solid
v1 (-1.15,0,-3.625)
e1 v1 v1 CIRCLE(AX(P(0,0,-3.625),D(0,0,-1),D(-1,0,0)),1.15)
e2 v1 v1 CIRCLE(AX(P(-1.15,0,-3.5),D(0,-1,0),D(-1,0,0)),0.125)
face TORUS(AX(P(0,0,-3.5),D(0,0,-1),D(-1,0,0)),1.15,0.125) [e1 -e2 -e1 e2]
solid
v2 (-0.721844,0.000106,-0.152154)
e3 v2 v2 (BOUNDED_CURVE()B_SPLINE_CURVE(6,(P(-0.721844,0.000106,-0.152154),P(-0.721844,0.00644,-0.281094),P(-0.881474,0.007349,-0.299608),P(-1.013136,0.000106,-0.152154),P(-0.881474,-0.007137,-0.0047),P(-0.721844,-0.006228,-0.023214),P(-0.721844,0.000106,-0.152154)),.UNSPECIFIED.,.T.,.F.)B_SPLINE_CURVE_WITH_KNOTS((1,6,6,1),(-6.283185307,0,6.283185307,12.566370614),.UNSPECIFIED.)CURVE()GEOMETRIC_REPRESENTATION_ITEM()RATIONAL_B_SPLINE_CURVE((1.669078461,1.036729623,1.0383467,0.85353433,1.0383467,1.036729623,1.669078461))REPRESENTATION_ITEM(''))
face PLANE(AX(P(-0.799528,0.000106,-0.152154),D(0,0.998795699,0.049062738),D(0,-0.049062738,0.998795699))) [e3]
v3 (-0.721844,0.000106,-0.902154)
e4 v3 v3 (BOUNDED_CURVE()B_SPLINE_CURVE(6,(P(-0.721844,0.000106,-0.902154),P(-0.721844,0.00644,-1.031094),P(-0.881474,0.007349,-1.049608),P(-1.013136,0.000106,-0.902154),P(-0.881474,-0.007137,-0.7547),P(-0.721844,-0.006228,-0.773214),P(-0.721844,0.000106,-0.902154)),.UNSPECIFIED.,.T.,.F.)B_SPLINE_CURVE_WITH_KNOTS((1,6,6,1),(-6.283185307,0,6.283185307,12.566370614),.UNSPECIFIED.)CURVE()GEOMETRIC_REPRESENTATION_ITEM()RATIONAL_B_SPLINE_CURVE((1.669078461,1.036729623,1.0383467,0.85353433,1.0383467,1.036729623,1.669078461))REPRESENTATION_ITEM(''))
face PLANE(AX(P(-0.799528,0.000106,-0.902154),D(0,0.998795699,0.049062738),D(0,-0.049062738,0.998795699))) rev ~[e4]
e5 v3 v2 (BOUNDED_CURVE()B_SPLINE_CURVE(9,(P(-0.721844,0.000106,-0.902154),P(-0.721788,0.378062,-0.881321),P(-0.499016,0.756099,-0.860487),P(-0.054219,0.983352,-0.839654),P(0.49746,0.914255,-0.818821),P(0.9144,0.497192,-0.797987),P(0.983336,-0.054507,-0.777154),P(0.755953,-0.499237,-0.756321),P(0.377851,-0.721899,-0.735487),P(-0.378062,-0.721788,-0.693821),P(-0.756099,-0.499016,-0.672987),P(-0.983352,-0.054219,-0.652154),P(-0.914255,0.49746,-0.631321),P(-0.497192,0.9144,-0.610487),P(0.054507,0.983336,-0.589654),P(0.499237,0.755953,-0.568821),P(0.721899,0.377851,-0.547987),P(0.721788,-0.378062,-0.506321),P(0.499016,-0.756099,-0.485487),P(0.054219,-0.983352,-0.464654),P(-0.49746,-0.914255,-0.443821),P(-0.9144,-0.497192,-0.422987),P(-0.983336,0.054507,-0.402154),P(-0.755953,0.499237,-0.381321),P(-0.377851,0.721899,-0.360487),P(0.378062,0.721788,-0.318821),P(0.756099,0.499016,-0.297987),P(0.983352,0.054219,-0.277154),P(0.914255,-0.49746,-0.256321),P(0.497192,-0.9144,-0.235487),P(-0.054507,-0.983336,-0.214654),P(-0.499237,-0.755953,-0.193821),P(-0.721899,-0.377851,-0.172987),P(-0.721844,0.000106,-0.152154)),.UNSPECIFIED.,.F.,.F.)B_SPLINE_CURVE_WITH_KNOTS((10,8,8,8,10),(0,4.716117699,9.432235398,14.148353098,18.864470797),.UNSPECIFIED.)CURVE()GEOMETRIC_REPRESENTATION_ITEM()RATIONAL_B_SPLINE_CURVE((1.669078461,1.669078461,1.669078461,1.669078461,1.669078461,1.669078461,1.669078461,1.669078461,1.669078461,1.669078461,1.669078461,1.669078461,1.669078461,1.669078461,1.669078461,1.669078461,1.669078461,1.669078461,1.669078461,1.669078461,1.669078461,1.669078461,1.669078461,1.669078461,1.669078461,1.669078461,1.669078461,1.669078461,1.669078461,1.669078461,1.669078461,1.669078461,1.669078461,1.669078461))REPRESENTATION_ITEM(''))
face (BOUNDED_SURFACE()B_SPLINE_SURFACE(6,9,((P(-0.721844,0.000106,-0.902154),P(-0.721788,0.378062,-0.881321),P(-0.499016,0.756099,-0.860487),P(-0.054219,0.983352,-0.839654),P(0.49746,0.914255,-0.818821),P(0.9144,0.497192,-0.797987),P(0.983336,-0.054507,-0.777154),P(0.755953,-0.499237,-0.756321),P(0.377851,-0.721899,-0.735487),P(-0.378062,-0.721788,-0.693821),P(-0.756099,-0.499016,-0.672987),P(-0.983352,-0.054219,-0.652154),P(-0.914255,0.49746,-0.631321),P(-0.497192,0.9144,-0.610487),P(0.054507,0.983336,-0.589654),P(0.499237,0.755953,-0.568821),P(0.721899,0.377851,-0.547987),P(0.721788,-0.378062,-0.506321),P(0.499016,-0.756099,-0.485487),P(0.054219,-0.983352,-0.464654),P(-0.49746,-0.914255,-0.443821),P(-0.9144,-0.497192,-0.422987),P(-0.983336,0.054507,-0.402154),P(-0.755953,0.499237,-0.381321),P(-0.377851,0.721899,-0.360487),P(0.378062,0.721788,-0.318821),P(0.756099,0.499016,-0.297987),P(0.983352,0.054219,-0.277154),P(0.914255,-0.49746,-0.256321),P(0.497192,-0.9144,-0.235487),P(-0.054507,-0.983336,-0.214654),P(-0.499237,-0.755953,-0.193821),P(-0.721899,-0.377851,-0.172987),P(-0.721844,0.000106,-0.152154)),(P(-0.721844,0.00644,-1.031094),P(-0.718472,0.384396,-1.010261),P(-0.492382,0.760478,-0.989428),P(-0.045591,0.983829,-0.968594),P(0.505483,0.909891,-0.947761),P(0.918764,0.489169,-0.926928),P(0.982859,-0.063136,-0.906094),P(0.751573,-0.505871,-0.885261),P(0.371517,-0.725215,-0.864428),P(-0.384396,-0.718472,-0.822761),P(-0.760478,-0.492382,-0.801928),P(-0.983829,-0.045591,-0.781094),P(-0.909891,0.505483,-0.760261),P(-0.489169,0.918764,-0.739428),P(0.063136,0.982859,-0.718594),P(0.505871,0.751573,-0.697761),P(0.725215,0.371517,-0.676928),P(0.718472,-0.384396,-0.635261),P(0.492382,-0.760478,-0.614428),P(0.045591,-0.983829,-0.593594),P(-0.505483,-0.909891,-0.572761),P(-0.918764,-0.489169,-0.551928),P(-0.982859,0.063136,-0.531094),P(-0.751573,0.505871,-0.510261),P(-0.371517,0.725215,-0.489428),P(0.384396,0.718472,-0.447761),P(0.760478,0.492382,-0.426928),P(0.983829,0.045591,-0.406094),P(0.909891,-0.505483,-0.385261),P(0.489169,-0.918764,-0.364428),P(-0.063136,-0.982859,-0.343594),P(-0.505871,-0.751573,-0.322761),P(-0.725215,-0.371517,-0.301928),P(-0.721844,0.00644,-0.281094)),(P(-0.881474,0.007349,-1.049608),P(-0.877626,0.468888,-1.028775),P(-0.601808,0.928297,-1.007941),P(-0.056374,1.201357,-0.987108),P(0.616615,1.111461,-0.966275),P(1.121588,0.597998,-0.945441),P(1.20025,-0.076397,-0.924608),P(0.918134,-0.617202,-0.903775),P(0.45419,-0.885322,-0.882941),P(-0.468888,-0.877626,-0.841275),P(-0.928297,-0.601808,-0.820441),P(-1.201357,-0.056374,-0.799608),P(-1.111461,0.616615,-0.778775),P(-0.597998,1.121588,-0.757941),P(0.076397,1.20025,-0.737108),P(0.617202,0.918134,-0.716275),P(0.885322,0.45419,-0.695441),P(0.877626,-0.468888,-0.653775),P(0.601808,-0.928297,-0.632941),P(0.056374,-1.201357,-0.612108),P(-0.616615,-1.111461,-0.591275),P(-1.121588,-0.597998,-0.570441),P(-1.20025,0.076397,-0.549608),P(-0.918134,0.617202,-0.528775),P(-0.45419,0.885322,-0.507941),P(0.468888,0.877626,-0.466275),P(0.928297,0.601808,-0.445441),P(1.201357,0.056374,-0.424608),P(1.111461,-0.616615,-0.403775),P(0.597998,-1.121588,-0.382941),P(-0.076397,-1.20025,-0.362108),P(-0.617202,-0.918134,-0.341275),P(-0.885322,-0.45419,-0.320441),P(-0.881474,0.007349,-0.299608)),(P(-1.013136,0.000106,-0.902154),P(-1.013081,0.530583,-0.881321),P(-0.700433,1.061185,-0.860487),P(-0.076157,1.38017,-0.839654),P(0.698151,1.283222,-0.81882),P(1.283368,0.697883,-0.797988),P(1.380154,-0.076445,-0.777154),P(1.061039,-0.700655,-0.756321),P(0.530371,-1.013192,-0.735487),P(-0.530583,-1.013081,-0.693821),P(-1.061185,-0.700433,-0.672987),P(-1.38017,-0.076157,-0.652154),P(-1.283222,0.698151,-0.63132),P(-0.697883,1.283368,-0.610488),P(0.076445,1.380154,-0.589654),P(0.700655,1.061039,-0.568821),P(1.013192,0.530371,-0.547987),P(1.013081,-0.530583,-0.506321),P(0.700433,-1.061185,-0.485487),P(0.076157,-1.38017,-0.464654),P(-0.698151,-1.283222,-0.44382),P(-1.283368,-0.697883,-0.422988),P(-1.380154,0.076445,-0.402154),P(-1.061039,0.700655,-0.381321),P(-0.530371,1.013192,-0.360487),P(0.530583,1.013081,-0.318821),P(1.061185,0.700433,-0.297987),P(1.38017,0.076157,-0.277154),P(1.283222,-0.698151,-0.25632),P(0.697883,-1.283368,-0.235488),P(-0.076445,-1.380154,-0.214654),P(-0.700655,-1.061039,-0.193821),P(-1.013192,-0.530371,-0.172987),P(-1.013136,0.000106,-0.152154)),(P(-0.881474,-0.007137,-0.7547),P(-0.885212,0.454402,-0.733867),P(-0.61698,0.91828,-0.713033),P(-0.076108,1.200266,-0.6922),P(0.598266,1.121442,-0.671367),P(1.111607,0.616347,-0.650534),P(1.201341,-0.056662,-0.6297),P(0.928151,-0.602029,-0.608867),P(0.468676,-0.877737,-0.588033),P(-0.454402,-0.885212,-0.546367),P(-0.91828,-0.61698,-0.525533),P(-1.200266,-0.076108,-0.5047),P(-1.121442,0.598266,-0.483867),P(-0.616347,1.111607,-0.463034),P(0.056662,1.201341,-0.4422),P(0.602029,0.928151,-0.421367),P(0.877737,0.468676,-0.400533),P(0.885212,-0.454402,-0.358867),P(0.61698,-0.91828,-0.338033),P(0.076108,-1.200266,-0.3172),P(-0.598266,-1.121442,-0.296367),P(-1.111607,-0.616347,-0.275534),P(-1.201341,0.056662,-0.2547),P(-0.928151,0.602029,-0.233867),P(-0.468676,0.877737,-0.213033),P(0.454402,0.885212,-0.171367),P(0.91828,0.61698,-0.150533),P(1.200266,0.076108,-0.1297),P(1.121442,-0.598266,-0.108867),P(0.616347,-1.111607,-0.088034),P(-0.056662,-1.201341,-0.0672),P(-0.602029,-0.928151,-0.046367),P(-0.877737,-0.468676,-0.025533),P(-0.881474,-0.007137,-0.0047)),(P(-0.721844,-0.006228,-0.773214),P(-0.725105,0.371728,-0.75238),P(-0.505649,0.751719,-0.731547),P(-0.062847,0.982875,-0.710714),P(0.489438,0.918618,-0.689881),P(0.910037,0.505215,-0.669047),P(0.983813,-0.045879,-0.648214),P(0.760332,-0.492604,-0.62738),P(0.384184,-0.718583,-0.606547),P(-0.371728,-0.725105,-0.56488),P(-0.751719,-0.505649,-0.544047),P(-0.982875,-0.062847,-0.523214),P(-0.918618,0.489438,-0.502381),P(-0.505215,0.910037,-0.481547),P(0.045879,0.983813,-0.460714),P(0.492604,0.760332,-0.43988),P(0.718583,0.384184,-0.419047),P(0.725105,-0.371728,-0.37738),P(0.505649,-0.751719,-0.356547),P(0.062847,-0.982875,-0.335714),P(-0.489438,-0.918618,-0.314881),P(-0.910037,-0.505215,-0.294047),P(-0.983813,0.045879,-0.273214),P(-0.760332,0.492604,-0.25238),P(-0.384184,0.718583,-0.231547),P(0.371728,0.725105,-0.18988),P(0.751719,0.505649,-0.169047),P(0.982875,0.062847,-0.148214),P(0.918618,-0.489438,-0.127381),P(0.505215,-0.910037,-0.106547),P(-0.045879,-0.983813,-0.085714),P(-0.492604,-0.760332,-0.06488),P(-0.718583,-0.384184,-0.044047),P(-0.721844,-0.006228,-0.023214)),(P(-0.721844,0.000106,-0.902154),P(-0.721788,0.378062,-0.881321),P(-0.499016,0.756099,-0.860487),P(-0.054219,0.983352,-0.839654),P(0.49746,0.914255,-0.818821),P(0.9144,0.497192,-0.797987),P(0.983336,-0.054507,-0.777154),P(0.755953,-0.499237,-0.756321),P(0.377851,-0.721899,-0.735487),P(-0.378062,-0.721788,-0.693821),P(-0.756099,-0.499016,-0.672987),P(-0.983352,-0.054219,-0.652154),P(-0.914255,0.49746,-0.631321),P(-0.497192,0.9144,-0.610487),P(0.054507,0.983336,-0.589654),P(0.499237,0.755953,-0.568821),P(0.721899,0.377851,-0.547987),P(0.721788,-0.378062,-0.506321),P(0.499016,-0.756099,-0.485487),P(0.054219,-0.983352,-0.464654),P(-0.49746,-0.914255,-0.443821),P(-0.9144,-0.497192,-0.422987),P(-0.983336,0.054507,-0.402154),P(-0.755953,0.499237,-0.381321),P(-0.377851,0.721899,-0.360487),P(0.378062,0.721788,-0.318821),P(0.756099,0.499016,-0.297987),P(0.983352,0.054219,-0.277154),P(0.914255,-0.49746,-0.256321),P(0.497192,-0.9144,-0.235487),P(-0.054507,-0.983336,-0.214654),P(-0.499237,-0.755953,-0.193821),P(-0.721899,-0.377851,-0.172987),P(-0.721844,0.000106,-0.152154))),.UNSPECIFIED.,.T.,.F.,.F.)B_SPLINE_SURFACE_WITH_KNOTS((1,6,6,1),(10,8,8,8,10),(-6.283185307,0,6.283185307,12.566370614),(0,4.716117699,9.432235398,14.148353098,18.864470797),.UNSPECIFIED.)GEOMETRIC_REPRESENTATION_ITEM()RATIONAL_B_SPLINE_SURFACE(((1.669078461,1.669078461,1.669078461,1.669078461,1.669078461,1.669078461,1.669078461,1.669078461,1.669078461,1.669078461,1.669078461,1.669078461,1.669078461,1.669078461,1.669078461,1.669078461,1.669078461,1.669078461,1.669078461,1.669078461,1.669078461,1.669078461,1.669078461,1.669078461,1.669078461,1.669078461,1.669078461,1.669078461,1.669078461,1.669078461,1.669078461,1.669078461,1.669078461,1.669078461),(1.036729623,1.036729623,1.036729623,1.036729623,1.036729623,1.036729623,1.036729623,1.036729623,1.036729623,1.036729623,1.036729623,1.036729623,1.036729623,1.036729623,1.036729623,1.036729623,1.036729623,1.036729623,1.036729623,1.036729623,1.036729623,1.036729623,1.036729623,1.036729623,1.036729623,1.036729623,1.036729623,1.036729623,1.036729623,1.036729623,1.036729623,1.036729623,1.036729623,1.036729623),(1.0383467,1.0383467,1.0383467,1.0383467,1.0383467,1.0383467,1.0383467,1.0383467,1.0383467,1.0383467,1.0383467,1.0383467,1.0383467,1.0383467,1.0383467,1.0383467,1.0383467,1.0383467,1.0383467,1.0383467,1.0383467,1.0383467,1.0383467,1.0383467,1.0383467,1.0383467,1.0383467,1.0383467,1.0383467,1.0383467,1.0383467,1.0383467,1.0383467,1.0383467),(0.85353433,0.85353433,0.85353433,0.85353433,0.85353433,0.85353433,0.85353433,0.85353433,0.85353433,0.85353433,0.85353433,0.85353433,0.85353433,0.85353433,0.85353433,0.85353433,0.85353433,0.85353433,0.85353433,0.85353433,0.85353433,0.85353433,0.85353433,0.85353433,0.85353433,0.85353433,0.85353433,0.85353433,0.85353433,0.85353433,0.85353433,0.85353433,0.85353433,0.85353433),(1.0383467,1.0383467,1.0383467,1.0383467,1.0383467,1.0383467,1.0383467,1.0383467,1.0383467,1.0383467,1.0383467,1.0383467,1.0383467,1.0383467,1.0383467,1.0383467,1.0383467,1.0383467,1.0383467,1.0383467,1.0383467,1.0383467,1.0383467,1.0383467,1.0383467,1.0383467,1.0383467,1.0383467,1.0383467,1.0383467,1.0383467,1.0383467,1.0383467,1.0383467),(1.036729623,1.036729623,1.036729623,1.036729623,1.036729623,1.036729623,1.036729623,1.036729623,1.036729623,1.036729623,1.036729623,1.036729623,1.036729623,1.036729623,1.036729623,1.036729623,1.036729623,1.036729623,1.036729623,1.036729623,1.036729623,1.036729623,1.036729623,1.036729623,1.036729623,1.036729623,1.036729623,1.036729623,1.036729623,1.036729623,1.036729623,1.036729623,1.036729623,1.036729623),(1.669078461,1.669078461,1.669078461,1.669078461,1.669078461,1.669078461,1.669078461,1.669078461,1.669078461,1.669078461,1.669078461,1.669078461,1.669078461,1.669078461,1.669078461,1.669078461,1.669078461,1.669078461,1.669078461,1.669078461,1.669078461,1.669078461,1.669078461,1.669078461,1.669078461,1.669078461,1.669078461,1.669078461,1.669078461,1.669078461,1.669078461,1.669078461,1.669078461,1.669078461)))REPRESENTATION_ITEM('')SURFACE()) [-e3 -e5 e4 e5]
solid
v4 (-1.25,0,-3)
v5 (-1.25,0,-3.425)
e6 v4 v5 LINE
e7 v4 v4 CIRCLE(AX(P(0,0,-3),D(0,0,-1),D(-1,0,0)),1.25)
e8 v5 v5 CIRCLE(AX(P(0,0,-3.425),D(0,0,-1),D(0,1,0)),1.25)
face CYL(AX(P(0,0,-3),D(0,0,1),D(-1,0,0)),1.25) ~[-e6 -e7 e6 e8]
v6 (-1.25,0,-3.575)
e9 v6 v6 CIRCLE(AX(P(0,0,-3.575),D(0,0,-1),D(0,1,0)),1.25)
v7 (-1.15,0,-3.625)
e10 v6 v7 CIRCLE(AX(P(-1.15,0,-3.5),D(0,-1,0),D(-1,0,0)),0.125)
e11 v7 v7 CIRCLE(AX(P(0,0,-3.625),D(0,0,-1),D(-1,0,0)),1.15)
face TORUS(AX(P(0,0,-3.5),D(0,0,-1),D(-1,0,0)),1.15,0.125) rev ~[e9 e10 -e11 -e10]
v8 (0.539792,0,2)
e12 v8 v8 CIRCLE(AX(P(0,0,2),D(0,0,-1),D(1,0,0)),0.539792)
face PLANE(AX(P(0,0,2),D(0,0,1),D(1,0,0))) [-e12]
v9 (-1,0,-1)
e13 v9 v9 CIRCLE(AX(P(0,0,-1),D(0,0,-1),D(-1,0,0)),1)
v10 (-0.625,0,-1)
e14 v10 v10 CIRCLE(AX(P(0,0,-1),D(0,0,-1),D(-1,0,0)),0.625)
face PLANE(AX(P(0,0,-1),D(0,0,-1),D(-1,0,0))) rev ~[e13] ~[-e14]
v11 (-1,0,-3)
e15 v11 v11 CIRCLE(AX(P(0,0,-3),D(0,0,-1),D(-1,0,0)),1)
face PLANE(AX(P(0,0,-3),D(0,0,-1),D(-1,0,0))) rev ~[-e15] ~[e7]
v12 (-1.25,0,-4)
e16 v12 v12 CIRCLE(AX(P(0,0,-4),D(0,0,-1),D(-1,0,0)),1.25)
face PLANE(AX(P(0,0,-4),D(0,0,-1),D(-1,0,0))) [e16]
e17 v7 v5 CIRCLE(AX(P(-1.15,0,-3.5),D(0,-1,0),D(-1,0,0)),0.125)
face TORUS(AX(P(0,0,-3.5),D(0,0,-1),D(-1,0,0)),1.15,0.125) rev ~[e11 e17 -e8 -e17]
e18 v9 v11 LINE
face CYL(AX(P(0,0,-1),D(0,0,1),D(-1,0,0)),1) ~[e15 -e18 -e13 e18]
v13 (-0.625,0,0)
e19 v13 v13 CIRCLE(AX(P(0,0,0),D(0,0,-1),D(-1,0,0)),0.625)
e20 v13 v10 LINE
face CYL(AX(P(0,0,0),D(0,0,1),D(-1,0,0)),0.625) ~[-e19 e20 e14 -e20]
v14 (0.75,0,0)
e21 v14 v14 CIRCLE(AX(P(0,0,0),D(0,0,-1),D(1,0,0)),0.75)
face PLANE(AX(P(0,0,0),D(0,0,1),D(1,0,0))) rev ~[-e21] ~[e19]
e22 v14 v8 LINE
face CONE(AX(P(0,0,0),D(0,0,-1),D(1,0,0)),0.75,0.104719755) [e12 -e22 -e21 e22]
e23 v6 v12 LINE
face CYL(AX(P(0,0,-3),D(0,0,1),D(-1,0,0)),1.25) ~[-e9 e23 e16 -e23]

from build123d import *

# Parameters (mm, degrees)
SKETCH1_R           = 0.75
BOSS_EXTRUDE1_DEPTH = 2
BOSS_EXTRUDE1_TAPER = 6
SKETCH2_R           = 0.625
BOSS_EXTRUDE2_DEPTH = 1
SKETCH3_R           = 1
BOSS_EXTRUDE3_DEPTH = 2
SKETCH4_R           = 1.25
BOSS_EXTRUDE4_DEPTH = 1
SKETCH6_R           = 0.125
SKETCH6_2_R         = 0.125
SWEEP2_PITCH        = 0.25
SWEEP2_HEIGHT       = 0.75
SWEEP2_RADIUS       = 0.81
SWEEP2_START_ANGLE  = -180
SKETCH10_R          = 0.077696303


with BuildPart() as part:
    # Sketch1 → Boss-Extrude1 (new body)
    with BuildSketch(Plane.XY):
        Circle(SKETCH1_R)
    extrude(amount=BOSS_EXTRUDE1_DEPTH, taper=BOSS_EXTRUDE1_TAPER)

    # Sketch2 → Boss-Extrude2 (add)
    with BuildSketch(Plane(origin=(0, 0, 0), x_dir=(-1, 0, 0), z_dir=(0, 0, -1))):
        Circle(SKETCH2_R)
    extrude(amount=BOSS_EXTRUDE2_DEPTH)

    # Sketch3 → Boss-Extrude3 (add)
    with BuildSketch(Plane(origin=(0, 0, -1), x_dir=(-1, 0, 0), z_dir=(0, 0, -1))):
        Circle(SKETCH3_R)
    extrude(amount=BOSS_EXTRUDE3_DEPTH)

    # Sketch4 → Boss-Extrude4 (add)
    with BuildSketch(Plane(origin=(0, 0, -3), x_dir=(-1, 0, 0), z_dir=(0, 0, -1))):
        Circle(SKETCH4_R)
    extrude(amount=BOSS_EXTRUDE4_DEPTH)

    # Cut-Sweep1: sweep along a path in Sketch5
    with BuildLine(Plane(origin=(0, 0, -3.5), x_dir=(-1, 0, 0), z_dir=(0, 0, -1))) as cut_sweep1_path:
        CenterArc((0, 0), 1.25, 0, 360)
    # Sketch6 → Cut-Sweep1 (sweep, cut)
    with BuildSketch(Plane(origin=(0, 0, 0), x_dir=(0, 0, -1), z_dir=(1, 0, 0))):
        with Locations((3.5, 1.15)):
            Circle(SKETCH6_R)
    sweep(path=cut_sweep1_path.line, mode=Mode.SUBTRACT)


with BuildPart() as body_2:
    # Sweep1: sweep along a path in Sketch5<2>
    with BuildLine(Plane(origin=(0, 0, -3.5), x_dir=(-1, 0, 0), z_dir=(0, 0, -1))) as sweep1_path:
        CenterArc((0, 0), 1.25, 0, 360)
    # Sketch6<2> → Sweep1 (sweep)
    with BuildSketch(Plane(origin=(0, 0, 0), x_dir=(0, 0, -1), z_dir=(1, 0, 0))):
        with Locations((3.5, 1.15)):
            Circle(SKETCH6_2_R)
    sweep(path=sweep1_path.line)


with BuildPart() as body_3:
    # Sweep2: sweep along a helix
    with BuildLine() as sweep2_path:
        add(Helix(SWEEP2_PITCH, SWEEP2_HEIGHT, SWEEP2_RADIUS, center=(0, 0, -0.9), direction=(0, 0, 1), lefthand=True, mode=Mode.PRIVATE).rotate(Axis((0, 0, -0.9), (0, 0, 1)), SWEEP2_START_ANGLE))
    # Sketch10 → Sweep2 (sweep)
    with BuildSketch(Plane(origin=(-0.81, 0, -0.9), x_dir=(1, 0, 0), z_dir=(0, 0.998795699, 0.049062738))):
        with Locations((0.0104601, 0.002156629)):
            Circle(SKETCH10_R)
    sweep(path=sweep2_path.line, is_frenet=True)


solid = Compound([part.part, body_2.part, body_3.part])
